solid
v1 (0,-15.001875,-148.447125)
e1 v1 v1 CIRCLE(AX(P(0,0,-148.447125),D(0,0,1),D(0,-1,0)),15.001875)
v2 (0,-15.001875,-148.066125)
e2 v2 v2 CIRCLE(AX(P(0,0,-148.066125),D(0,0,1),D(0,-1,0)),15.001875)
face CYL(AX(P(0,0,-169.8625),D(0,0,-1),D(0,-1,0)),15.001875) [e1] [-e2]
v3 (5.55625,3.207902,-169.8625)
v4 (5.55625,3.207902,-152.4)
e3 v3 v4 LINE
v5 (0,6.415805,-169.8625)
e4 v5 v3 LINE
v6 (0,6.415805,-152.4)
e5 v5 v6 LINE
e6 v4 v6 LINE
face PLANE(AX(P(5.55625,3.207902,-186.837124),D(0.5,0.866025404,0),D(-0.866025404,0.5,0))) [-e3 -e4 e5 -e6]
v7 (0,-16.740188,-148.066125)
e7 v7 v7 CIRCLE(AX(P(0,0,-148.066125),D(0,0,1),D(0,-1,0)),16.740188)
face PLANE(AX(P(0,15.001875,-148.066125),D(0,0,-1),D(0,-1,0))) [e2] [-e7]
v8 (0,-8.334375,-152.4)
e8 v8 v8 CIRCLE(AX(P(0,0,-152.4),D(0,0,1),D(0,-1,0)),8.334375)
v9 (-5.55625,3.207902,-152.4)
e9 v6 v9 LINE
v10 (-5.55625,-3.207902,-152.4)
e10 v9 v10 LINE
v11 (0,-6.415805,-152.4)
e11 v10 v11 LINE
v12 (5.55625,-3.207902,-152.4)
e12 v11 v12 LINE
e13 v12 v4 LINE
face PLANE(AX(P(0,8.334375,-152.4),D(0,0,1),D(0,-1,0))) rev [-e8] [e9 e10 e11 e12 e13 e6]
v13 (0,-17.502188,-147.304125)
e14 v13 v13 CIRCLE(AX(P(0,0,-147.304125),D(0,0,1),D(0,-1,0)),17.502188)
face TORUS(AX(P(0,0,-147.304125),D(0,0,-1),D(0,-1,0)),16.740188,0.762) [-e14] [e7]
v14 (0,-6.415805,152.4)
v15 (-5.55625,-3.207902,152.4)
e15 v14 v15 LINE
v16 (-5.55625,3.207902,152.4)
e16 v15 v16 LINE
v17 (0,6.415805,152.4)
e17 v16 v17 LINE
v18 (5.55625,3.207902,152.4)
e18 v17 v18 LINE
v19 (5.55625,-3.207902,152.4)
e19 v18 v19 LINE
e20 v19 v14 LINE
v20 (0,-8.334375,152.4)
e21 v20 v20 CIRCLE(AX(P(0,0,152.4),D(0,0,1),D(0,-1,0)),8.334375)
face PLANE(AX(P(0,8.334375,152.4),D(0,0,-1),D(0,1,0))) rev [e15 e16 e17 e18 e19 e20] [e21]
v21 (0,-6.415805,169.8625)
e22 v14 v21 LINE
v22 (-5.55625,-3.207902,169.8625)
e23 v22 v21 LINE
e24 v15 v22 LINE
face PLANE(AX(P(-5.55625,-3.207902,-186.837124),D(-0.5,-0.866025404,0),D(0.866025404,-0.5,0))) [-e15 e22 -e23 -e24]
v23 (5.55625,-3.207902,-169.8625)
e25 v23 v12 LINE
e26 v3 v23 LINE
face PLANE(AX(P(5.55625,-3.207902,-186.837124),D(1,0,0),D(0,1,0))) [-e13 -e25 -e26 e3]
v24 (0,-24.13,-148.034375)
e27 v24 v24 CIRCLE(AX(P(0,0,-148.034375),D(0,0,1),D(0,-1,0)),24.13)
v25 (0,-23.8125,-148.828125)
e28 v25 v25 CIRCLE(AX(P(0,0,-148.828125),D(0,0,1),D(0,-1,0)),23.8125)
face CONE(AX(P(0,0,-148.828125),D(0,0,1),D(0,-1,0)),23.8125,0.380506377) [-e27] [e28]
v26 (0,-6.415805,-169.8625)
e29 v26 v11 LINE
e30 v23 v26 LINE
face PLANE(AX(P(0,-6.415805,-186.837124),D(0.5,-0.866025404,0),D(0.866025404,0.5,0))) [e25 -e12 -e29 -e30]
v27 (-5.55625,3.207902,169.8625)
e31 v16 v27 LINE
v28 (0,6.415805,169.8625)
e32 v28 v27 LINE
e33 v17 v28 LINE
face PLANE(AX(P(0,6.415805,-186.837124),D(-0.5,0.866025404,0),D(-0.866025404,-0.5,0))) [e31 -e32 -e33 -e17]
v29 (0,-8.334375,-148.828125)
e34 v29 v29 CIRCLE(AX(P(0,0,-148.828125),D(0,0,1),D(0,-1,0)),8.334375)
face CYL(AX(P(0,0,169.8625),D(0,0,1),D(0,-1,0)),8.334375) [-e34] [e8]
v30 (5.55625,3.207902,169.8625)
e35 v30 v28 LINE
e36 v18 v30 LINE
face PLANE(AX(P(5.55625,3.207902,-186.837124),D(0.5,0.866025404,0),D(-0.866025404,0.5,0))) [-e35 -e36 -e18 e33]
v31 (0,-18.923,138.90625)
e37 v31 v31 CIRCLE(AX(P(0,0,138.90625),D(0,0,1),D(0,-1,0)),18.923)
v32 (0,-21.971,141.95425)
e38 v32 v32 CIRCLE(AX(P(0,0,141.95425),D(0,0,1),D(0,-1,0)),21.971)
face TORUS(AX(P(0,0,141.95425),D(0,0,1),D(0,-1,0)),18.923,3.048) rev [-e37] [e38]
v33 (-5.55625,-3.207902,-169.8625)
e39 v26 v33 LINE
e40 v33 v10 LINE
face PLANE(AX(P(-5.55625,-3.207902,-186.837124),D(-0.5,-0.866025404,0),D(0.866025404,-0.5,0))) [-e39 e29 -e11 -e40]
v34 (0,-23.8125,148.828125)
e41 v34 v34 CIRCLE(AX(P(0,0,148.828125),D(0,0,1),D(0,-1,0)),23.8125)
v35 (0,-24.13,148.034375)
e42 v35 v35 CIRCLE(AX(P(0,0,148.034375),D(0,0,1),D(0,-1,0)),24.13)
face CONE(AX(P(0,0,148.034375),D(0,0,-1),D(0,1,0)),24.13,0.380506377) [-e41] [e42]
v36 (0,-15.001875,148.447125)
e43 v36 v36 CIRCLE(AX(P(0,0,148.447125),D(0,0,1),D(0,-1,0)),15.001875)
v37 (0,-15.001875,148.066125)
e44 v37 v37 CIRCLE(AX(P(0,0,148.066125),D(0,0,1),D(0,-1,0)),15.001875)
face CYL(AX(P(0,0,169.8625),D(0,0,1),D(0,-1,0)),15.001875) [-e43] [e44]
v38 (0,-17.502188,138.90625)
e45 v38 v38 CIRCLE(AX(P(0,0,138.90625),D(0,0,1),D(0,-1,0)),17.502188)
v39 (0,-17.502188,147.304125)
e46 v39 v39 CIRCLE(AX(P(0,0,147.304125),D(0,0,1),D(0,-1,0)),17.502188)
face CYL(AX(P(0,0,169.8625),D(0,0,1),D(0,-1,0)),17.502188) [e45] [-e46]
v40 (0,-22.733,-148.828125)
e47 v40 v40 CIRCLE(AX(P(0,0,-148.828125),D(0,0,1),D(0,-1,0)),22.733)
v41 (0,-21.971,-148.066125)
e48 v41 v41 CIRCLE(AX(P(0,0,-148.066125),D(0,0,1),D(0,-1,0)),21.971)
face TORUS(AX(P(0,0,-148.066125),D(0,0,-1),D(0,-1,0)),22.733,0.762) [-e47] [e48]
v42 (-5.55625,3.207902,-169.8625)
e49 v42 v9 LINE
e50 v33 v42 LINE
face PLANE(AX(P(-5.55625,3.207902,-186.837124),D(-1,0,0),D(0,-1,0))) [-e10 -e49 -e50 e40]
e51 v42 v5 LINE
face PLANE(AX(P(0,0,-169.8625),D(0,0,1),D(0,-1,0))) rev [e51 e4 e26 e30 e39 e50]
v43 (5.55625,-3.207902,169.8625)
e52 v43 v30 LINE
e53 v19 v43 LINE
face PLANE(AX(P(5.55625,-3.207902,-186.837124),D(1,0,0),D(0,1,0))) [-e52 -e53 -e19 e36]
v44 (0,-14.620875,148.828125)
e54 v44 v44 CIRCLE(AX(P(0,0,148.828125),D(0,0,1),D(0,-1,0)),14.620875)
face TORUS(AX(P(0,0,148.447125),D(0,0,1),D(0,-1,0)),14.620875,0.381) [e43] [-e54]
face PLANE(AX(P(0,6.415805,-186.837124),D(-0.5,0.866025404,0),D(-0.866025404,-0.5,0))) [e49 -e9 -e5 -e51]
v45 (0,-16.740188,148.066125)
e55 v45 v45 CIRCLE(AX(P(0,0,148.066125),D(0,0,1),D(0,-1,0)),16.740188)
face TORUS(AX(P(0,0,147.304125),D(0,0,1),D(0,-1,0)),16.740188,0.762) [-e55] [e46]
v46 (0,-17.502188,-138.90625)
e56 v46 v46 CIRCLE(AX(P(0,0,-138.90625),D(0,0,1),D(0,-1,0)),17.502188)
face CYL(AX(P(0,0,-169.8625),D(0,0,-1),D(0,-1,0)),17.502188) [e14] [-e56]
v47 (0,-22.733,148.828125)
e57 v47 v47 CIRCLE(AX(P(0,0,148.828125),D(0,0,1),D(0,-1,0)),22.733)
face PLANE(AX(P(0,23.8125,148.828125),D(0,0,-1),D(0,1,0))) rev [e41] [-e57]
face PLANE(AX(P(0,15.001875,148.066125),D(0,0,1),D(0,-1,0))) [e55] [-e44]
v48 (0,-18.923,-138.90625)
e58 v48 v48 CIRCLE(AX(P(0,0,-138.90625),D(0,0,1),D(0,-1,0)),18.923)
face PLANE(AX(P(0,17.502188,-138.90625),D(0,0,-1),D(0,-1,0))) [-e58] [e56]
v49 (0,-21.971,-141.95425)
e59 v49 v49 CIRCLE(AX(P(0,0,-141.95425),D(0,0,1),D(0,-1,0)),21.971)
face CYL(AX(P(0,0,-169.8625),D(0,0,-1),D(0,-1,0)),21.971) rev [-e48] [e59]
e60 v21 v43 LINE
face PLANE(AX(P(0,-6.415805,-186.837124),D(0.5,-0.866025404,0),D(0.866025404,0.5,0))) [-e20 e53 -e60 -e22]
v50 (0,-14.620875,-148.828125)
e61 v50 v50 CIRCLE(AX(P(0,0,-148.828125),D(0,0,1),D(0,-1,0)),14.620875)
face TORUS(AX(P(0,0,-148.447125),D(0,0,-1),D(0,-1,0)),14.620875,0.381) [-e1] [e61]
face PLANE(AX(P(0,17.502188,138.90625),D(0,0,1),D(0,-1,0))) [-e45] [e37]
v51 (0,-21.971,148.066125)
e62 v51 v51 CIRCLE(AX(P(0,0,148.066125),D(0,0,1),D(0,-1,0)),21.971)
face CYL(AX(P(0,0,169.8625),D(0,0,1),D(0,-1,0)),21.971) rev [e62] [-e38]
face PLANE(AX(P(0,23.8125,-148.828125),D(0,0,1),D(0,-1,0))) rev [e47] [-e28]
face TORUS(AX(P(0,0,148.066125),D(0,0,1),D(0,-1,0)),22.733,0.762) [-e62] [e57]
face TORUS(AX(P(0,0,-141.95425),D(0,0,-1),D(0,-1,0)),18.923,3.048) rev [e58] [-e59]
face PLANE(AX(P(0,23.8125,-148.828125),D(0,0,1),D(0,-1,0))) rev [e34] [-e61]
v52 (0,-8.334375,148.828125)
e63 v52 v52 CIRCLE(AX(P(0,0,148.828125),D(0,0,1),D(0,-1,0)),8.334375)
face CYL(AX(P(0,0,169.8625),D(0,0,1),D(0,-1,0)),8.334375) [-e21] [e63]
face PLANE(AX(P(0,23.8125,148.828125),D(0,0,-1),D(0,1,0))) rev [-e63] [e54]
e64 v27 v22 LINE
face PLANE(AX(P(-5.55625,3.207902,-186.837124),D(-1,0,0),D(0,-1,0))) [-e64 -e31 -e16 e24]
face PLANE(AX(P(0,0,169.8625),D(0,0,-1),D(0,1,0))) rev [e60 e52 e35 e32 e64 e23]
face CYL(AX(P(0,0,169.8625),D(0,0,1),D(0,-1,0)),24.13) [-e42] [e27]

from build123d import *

# Parameters (mm, degrees)
BOSS_EXTRUDE1_REACH = 343.435


with BuildPart() as part:
    # Sketch3 → Revolve1 (revolve)
    with BuildSketch(Plane(origin=(0, 0, 0), x_dir=(0, 0, -1), z_dir=(1, 0, 0)), mode=Mode.PRIVATE) as revolve1_sk:
        Polygon((169.8625, 5.55625), (152.4, 5.55625), (152.4, 8.334375), (148.828125, 8.334375), (148.828125, 23.8125), (148.034375, 24.13), (-148.034375, 24.13), (-148.828125, 23.8125), (-148.828125, 8.334375), (-152.4, 8.334375), (-152.4, 5.55625), (-169.8625, 5.55625), (-169.8625, 0), (169.8625, 0), align=None)
    revolve(revolve1_sk.sketch.rotate(Axis((0, 0, 169.8625), (0, 0, -1)), 180), axis=Axis((0, 0, 169.8625), (0, 0, -1)))

    # Boss-Extrude1: up to this face of the body (flat: up to its plane)
    boss_extrude1_end = Plane(part.part.faces().sort_by_distance((0, 0, -169.8625))[0])
    # Sketch4 → Boss-Extrude1 (add, up to the picked face)
    with BuildSketch(Plane.XY.offset(169.8625), mode=Mode.PRIVATE) as boss_extrude1_sk1:
        Polygon((0, 6.415804866), (-5.55625, 3.207902433), (-5.55625, -3.207902433), (0, -6.415804866), (5.55625, -3.207902433), (5.55625, 3.207902433), align=None)
    boss_extrude1_tool1 = split(extrude(boss_extrude1_sk1.sketch, amount=-BOSS_EXTRUDE1_REACH, mode=Mode.PRIVATE), bisect_by=boss_extrude1_end, keep=Keep.BOTH, mode=Mode.PRIVATE)
    add(boss_extrude1_tool1.solids().sort_by(Axis((0, 0, 169.8625), (0, 0, -1)))[0])

    # Sketch6 → Cut-Revolve1 (revolve, cut)
    with BuildSketch(Plane(origin=(0, 0, 0), x_dir=(0, 0, -1), z_dir=(1, 0, 0)), mode=Mode.PRIVATE) as cut_revolve1_sk:
        with BuildLine():
            Line((-141.95425, 21.971), (-148.066125, 21.971))
            ThreePointArc((-148.066125, 21.971), (-148.604940367, 22.194184633), (-148.828125, 22.733))
            Line((-148.828125, 22.733), (-148.828125, 14.620875))
            ThreePointArc((-148.828125, 14.620875), (-148.716532684, 14.890282684), (-148.447125, 15.001875))
            Line((-148.447125, 15.001875), (-148.066125, 15.001875))
            Line((-148.066125, 15.001875), (-148.066125, 16.7401875))
            ThreePointArc((-148.066125, 16.7401875), (-147.842940367, 17.279002867), (-147.304125, 17.5021875))
            Line((-147.304125, 17.5021875), (-138.90625, 17.5021875))
            Line((-138.90625, 17.5021875), (-138.90625, 18.923))
            ThreePointArc((-138.90625, 18.923), (-139.798988531, 21.078261469), (-141.95425, 21.971))
        make_face()
    cut_revolve1 = revolve(cut_revolve1_sk.sketch.rotate(Axis((0, 0, 169.8625), (0, 0, -1)), 180), axis=Axis((0, 0, 169.8625), (0, 0, -1)), mode=Mode.SUBTRACT)

    # Mirror2: Cut-Revolve1 across plane
    add(cut_revolve1.mirror(Plane.XY), mode=Mode.SUBTRACT)


solid = part.part
